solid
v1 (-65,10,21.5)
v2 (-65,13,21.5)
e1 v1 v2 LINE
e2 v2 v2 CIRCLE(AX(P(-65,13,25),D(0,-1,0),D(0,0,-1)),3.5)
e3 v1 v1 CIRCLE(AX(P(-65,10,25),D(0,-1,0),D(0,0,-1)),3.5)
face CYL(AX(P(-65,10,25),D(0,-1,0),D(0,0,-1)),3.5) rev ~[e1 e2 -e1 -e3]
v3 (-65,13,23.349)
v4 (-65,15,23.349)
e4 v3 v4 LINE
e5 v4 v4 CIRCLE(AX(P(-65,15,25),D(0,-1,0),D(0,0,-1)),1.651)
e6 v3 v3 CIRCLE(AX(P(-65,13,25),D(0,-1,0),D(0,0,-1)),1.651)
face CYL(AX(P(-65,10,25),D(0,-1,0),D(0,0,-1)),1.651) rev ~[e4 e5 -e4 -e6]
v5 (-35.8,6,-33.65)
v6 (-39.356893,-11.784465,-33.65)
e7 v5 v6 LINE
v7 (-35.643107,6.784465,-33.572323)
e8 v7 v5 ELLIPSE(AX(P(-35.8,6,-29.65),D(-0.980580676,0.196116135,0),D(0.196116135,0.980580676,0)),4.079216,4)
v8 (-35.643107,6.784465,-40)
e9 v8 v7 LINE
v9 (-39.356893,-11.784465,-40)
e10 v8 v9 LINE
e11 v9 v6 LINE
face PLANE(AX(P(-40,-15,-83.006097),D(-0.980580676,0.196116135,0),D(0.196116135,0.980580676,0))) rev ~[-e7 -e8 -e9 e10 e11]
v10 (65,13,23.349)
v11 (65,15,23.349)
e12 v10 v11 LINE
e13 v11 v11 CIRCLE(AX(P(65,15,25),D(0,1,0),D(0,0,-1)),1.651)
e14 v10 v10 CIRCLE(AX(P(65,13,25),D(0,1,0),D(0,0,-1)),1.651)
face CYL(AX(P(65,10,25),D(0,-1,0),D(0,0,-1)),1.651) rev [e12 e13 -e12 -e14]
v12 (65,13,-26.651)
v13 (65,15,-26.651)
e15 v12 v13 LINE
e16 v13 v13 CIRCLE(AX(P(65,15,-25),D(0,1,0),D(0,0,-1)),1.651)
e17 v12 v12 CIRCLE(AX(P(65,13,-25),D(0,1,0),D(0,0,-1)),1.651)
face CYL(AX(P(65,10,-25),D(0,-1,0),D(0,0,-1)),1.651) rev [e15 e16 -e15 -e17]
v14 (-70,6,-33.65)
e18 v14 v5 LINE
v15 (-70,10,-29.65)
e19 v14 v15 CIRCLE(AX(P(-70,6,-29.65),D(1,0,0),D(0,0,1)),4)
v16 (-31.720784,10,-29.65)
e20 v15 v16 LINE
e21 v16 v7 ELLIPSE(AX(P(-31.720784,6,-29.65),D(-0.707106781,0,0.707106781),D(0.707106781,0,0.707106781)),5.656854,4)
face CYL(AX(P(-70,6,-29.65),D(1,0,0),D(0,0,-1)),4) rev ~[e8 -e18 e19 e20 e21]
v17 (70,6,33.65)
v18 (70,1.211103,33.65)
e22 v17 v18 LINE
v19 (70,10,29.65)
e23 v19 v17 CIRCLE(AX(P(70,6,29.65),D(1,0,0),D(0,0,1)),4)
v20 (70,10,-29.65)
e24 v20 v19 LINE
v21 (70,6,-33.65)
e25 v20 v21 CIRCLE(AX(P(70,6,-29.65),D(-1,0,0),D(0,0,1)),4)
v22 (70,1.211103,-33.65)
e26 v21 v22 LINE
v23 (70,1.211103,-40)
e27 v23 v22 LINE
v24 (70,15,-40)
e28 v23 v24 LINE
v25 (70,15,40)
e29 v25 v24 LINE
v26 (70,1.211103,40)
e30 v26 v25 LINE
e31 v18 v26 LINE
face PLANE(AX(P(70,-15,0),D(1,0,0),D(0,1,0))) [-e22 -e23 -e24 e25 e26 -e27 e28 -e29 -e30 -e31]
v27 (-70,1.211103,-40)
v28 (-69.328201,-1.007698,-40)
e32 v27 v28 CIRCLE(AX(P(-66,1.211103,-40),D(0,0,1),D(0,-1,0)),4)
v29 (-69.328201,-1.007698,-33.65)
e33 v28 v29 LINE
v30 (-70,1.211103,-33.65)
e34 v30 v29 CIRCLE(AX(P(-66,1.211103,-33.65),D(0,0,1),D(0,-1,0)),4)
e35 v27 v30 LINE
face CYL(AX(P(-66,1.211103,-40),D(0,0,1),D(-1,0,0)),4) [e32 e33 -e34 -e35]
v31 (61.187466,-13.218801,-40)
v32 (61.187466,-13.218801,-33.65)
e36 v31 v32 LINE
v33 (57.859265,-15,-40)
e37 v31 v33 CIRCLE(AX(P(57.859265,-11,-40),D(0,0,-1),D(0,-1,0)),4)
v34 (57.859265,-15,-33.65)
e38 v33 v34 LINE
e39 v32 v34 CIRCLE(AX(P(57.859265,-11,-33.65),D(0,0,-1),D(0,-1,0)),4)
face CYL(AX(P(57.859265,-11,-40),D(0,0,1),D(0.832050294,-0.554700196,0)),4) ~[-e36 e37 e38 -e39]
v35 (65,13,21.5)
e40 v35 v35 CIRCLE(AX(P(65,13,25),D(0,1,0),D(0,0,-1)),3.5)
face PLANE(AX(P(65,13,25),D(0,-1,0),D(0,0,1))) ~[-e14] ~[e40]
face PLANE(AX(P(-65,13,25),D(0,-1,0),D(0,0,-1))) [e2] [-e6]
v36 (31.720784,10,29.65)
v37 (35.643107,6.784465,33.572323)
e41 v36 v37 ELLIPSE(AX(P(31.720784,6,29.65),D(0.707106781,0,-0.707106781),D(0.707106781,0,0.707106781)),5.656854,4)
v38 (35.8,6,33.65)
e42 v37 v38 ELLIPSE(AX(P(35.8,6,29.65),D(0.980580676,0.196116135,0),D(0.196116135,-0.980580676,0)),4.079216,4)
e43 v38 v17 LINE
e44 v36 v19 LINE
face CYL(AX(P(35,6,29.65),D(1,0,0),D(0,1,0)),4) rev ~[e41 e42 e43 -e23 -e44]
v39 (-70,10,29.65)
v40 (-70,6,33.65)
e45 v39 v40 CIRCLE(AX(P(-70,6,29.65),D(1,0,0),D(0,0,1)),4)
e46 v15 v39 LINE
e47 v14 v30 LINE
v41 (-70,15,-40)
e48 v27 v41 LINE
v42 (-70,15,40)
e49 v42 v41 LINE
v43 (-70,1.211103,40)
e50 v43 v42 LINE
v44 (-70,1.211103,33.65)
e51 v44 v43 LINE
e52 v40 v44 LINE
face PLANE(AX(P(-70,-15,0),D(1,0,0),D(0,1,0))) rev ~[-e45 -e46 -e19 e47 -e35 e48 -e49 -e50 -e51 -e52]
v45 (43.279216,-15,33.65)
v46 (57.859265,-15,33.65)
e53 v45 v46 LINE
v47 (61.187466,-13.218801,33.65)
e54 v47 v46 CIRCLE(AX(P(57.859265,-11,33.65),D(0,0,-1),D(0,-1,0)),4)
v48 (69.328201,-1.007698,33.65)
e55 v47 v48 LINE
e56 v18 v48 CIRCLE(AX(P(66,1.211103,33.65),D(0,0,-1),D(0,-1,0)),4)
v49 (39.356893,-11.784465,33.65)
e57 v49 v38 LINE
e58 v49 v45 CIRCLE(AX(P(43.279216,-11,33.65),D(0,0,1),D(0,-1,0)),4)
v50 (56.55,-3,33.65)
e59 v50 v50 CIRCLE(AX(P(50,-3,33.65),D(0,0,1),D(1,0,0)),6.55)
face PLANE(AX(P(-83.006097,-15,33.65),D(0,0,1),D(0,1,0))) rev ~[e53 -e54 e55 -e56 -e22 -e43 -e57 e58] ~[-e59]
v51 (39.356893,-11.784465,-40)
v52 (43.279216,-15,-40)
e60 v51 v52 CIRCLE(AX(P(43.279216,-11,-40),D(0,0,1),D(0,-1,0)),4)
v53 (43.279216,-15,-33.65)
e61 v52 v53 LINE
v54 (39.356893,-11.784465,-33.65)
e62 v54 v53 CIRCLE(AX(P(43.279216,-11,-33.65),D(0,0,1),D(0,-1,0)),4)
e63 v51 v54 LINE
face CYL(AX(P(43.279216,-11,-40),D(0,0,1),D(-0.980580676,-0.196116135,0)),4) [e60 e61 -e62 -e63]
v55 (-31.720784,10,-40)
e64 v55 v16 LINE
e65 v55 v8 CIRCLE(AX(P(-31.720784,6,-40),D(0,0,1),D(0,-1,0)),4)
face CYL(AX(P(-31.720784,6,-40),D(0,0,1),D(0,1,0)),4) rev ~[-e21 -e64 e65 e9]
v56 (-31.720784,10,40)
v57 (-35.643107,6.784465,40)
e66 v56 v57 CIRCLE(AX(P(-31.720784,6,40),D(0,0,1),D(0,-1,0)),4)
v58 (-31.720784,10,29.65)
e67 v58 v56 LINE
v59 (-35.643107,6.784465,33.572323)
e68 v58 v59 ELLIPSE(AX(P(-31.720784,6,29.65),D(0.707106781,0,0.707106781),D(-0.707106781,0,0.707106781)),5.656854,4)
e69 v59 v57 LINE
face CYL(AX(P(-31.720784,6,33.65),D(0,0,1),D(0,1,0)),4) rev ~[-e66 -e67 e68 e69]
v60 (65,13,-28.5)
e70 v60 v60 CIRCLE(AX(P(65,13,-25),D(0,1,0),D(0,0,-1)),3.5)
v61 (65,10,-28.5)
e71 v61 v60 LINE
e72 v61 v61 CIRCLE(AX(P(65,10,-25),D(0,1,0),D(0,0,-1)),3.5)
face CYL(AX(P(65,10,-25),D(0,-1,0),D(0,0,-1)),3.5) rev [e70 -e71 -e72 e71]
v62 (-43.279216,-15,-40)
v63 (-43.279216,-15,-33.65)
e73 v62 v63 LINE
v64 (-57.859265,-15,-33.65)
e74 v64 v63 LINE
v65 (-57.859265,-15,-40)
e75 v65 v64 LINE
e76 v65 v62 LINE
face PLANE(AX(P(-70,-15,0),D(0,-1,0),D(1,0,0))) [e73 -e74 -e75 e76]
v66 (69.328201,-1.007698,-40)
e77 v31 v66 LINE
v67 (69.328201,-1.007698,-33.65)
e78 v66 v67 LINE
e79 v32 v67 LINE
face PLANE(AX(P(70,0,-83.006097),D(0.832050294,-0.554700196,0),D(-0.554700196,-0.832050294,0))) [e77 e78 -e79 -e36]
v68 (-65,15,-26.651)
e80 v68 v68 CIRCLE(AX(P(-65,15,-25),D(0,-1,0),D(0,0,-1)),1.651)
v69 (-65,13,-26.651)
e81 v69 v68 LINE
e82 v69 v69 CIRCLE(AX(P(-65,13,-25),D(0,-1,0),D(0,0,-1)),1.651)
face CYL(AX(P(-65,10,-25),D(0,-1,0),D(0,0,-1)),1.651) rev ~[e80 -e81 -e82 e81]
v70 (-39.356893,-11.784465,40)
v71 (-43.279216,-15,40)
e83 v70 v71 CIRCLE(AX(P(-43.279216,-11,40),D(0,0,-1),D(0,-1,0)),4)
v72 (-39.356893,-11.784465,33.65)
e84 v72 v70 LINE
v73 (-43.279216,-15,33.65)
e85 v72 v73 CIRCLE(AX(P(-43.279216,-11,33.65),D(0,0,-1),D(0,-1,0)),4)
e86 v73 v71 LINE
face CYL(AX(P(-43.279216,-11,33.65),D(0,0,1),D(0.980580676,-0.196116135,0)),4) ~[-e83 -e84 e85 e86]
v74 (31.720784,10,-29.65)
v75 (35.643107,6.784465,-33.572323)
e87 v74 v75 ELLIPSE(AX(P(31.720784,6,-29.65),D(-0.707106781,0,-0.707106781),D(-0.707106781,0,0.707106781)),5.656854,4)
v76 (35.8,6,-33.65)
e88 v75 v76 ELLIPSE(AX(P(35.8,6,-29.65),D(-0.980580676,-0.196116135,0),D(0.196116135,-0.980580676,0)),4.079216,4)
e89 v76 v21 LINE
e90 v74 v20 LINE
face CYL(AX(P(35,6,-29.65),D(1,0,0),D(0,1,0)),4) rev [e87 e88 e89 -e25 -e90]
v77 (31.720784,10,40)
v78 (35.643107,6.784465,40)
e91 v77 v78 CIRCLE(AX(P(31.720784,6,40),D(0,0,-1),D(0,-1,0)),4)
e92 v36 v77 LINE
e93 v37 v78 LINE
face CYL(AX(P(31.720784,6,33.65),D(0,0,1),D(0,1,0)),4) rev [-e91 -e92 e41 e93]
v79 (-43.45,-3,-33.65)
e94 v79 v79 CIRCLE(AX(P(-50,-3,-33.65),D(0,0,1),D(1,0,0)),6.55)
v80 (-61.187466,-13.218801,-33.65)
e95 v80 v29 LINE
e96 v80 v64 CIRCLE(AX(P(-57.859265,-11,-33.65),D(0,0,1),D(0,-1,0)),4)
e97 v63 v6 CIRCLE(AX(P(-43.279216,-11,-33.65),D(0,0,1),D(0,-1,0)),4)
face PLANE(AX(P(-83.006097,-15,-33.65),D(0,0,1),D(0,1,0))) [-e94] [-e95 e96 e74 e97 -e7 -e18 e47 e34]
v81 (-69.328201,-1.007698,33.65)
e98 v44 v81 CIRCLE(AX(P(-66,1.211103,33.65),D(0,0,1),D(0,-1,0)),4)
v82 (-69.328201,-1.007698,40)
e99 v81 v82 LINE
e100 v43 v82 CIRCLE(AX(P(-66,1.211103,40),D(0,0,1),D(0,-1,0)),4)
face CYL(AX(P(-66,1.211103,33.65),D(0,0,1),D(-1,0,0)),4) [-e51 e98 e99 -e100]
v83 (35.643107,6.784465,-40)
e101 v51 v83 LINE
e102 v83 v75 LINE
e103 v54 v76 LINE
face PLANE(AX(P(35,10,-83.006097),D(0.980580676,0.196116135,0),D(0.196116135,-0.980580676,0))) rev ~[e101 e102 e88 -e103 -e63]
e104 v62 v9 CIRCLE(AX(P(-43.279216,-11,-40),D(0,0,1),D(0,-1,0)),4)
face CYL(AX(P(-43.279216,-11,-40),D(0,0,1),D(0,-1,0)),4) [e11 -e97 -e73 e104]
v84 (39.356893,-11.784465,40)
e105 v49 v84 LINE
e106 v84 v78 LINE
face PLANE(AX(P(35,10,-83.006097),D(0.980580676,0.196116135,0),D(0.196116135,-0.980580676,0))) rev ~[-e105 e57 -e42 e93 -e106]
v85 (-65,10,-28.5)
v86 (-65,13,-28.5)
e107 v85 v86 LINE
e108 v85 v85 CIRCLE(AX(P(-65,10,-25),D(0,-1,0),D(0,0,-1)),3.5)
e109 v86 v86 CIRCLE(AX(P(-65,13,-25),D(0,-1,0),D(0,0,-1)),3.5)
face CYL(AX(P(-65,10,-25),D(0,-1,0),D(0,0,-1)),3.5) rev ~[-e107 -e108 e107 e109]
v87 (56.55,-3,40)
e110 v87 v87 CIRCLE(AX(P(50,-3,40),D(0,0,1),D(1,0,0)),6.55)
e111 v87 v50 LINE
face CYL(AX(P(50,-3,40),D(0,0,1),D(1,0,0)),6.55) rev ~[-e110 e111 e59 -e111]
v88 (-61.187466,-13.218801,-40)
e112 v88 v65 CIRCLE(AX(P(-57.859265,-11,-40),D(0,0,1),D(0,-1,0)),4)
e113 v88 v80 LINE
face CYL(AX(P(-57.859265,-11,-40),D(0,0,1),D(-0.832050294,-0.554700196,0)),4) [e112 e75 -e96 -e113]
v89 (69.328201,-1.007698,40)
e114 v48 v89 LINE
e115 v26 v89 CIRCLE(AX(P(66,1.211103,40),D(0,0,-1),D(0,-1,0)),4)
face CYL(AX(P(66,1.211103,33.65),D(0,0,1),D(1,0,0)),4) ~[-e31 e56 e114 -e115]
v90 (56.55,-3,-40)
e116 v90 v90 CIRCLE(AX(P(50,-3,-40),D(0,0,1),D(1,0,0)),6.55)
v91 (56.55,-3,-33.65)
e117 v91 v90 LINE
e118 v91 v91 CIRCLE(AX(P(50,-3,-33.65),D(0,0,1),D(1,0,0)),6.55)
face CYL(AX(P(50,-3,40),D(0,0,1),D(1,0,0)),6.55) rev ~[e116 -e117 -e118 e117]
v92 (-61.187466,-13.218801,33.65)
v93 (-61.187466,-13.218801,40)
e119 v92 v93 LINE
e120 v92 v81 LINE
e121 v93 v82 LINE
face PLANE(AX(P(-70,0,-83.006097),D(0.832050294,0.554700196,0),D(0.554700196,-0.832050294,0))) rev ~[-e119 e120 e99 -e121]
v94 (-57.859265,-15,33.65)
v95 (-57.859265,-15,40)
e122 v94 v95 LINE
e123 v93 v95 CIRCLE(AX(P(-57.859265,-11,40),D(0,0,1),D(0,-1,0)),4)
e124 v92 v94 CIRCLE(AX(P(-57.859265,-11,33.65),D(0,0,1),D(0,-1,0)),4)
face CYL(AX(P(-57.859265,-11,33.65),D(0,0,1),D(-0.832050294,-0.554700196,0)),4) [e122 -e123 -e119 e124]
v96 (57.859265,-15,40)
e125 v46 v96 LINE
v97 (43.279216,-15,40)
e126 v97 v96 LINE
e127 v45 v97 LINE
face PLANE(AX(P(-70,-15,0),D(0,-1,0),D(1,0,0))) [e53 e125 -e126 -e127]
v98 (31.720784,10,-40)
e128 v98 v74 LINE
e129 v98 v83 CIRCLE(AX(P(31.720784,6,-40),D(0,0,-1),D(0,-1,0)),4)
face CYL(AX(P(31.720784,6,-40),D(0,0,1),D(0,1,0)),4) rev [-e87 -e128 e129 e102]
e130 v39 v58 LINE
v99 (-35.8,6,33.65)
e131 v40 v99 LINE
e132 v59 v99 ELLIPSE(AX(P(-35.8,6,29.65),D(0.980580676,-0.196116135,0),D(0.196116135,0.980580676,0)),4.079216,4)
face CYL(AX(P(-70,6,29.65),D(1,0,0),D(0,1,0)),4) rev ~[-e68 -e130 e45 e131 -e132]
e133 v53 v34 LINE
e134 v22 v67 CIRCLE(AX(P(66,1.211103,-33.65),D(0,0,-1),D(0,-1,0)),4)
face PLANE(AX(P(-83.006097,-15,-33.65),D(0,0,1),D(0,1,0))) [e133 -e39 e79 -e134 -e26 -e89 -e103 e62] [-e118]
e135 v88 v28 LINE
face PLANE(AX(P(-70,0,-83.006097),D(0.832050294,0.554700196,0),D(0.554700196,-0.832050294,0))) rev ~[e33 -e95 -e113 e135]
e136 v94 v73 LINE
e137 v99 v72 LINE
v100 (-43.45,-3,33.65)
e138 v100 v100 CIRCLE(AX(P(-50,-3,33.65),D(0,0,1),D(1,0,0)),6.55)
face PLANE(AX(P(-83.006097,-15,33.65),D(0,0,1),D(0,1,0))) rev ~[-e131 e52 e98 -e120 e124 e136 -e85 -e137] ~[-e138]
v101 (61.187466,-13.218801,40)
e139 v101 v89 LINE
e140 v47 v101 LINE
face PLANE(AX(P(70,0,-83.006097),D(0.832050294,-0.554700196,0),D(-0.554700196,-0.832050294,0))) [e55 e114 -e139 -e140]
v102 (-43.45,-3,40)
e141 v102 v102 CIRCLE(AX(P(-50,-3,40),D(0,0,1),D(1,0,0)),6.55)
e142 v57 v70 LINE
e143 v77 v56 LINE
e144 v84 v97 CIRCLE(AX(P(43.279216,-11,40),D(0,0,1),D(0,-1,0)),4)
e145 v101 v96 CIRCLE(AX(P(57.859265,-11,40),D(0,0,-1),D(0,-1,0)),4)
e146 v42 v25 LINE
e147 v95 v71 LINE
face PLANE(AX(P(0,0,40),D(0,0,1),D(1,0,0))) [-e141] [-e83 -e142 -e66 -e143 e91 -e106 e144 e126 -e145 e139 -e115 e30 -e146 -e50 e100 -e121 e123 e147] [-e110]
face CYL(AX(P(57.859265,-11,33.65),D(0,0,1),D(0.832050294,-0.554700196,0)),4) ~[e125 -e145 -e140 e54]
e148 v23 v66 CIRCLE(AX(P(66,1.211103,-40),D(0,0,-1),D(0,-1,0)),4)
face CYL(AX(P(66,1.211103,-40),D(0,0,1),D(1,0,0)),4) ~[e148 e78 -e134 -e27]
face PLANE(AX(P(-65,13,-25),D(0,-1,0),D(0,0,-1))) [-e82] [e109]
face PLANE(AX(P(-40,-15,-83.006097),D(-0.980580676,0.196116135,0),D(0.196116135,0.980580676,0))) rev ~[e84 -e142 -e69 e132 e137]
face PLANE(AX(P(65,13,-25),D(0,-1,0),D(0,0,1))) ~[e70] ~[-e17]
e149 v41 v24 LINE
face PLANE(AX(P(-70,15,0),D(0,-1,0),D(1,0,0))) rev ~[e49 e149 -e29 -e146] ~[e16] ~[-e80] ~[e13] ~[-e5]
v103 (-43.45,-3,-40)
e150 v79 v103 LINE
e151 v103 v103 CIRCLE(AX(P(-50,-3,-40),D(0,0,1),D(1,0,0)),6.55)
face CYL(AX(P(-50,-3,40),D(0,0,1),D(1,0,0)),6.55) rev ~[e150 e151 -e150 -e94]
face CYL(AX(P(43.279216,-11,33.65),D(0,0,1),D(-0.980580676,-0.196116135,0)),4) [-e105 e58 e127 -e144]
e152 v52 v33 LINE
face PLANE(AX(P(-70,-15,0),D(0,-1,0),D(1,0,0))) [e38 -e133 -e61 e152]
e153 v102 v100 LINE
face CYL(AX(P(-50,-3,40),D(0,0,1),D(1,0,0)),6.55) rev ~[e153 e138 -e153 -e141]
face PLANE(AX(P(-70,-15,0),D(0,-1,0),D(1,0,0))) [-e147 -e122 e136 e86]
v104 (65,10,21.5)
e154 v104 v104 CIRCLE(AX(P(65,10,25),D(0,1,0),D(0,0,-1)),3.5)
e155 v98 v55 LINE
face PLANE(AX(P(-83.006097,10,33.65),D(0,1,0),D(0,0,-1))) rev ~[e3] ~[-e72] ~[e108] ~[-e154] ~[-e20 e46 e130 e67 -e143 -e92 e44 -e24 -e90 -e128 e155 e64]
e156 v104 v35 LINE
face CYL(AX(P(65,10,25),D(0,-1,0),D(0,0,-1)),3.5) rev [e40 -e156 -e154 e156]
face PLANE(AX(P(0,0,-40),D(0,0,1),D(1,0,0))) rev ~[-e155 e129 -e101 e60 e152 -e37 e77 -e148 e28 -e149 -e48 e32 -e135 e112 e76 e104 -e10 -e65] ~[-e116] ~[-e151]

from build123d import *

# Parameters (mm, degrees)
CROQUIS1_W                 = 140
CROQUIS1_H                 = 30
SALIENTE_EXTRUIR1_DEPTH    = 40
CORTAR_EXTRUIR1_DEPTH      = 83.006097334
CORTAR_EXTRUIR1_DEPTH_BACK = 83.006097334
CROQUIS2_W                 = 67.3
CROQUIS2_H                 = 25
CROQUIS3_R                 = 6.55
CORTAR_EXTRUIR2_DEPTH      = 80
CORTAR_EXTRUIR3_REACH      = 86.41
CROQUIS4_R                 = 1.651
CROQUIS5_R                 = 3.5
CROQUIS5_R_2               = 1.651
CORTAR_EXTRUIR4_DEPTH      = 3
CORTAR_EXTRUIR5_DEPTH      = 83.006097334
CORTAR_EXTRUIR5_DEPTH_BACK = 83.006097334
REDONDEO1_R                = 4


with BuildPart() as part:
    # Croquis1 → Saliente-Extruir1 (new, symmetric)
    with BuildSketch(Plane.XY):
        Rectangle(CROQUIS1_W, CROQUIS1_H)
    extrude(amount=SALIENTE_EXTRUIR1_DEPTH, both=True)

    # Croquis2 → Cortar-Extruir1 (cut, two sides: drawn at the far end of the back side and taken through both)
    with BuildSketch(Plane(origin=(0, 0, 0), x_dir=(0, 0, -1), z_dir=(1, 0, 0)).offset(-CORTAR_EXTRUIR1_DEPTH_BACK)):
        with Locations((0, -2.5)):
            Rectangle(CROQUIS2_W, CROQUIS2_H)
    extrude(amount=CORTAR_EXTRUIR1_DEPTH + CORTAR_EXTRUIR1_DEPTH_BACK, mode=Mode.SUBTRACT)

    # Croquis3 → Cortar-Extruir2 (cut)
    with BuildSketch(Plane.XY.offset(40)):
        with Locations((50, -3)):
            Circle(CROQUIS3_R)
        with Locations((-50, -3)):
            Circle(CROQUIS3_R)
    extrude(amount=-CORTAR_EXTRUIR2_DEPTH, mode=Mode.SUBTRACT)

    # Croquis4 → Cortar-Extruir3 (cut, up to next)
    with BuildSketch(Plane.XZ.offset(-10), mode=Mode.PRIVATE) as cortar_extruir3_sk1:
        with Locations(Location((-65, 25, 0), (0, 0, 270))):
            Circle(CROQUIS4_R)
    cortar_extruir3_tool1 = extrude(cortar_extruir3_sk1.sketch, amount=-CORTAR_EXTRUIR3_REACH, mode=Mode.PRIVATE) & part.part
    # Croquis4 → Cortar-Extruir3 (cut, up to next)
    with BuildSketch(Plane.XZ.offset(-10), mode=Mode.PRIVATE) as cortar_extruir3_sk2:
        with Locations(Location((-65, -25, 0), (0, 0, 270))):
            Circle(CROQUIS4_R)
    cortar_extruir3_tool2 = extrude(cortar_extruir3_sk2.sketch, amount=-CORTAR_EXTRUIR3_REACH, mode=Mode.PRIVATE) & part.part
    cortar_extruir3_1 = cortar_extruir3_tool1.solids().sort_by_distance((-65, 10, 25))[0]
    add(cortar_extruir3_1, mode=Mode.SUBTRACT)
    cortar_extruir3_2 = cortar_extruir3_tool2.solids().sort_by_distance((-65, 10, -25))[0]
    add(cortar_extruir3_2, mode=Mode.SUBTRACT)
    cortar_extruir3 = cortar_extruir3_1 + cortar_extruir3_2  # Cortar-Extruir3 as one shape, for the pattern or mirror that repeats it

    # Croquis5 → Cortar-Extruir4 (cut)
    # profile 1 of 2: a face of its own
    with BuildSketch(Plane.XZ.offset(-10)):
        with Locations(Location((-65, 25, 0), (0, 0, 270))):
            Circle(CROQUIS5_R)
        with Locations(Location((-65, 25, 0), (0, 0, 270))):
            Circle(CROQUIS5_R_2, mode=Mode.SUBTRACT)
    # profile 2 of 2: a face of its own
    with BuildSketch(Plane.XZ.offset(-10)):
        with Locations(Location((-65, -25, 0), (0, 0, 270))):
            Circle(CROQUIS5_R)
        with Locations(Location((-65, -25, 0), (0, 0, 270))):
            Circle(CROQUIS5_R_2, mode=Mode.SUBTRACT)
    cortar_extruir4 = extrude(amount=-CORTAR_EXTRUIR4_DEPTH, mode=Mode.SUBTRACT)

    # Croquis9 → Cortar-Extruir5 (cut, two sides: drawn at the far end of the back side and taken through both)
    with BuildSketch(Plane.XY.offset(-CORTAR_EXTRUIR5_DEPTH_BACK)):
        Polygon((-40, -15), (-35, 10), (35, 10), (40, -15), align=None)
        Polygon((-70, 0), (-60, -15), (-70, -15), align=None)
        Polygon((70, 0), (60, -15), (70, -15), align=None)
    extrude(amount=CORTAR_EXTRUIR5_DEPTH + CORTAR_EXTRUIR5_DEPTH_BACK, mode=Mode.SUBTRACT)

    # Simetría4: Cortar-Extruir3, Cortar-Extruir4 across plane
    add(cortar_extruir3.mirror(Plane(origin=(0, 0, 0), x_dir=(0, 0, 1), z_dir=(1, 0, 0))), mode=Mode.SUBTRACT)
    add(cortar_extruir4.mirror(Plane(origin=(0, 0, 0), x_dir=(0, 0, 1), z_dir=(1, 0, 0))), mode=Mode.SUBTRACT)

    # Redondeo1
    redondeo1_edges = [part.edges().sort_by_distance(p)[0] for p in [
        (-70, 0, 36.825),
        (-70, 0, -36.825),
        (-60, -15, 36.825),
        (-60, -15, -36.825),
        (70, 0, 36.825),
        (70, 0, -36.825),
        (60, -15, 36.825),
        (60, -15, -36.825),
        (-52.5, 10, 33.65),
        (-52.5, 10, -33.65),
        (52.5, 10, -33.65),
        (52.5, 10, 33.65),
        (40, -15, 36.825),
        (40, -15, -36.825),
        (-40, -15, 36.825),
        (-40, -15, -36.825),
        (-35, 10, 36.825),
        (-35, 10, -36.825),
        (35, 10, 36.825),
        (35, 10, -36.825),
    ]]
    fillet(redondeo1_edges, radius=REDONDEO1_R)


solid = part.part
